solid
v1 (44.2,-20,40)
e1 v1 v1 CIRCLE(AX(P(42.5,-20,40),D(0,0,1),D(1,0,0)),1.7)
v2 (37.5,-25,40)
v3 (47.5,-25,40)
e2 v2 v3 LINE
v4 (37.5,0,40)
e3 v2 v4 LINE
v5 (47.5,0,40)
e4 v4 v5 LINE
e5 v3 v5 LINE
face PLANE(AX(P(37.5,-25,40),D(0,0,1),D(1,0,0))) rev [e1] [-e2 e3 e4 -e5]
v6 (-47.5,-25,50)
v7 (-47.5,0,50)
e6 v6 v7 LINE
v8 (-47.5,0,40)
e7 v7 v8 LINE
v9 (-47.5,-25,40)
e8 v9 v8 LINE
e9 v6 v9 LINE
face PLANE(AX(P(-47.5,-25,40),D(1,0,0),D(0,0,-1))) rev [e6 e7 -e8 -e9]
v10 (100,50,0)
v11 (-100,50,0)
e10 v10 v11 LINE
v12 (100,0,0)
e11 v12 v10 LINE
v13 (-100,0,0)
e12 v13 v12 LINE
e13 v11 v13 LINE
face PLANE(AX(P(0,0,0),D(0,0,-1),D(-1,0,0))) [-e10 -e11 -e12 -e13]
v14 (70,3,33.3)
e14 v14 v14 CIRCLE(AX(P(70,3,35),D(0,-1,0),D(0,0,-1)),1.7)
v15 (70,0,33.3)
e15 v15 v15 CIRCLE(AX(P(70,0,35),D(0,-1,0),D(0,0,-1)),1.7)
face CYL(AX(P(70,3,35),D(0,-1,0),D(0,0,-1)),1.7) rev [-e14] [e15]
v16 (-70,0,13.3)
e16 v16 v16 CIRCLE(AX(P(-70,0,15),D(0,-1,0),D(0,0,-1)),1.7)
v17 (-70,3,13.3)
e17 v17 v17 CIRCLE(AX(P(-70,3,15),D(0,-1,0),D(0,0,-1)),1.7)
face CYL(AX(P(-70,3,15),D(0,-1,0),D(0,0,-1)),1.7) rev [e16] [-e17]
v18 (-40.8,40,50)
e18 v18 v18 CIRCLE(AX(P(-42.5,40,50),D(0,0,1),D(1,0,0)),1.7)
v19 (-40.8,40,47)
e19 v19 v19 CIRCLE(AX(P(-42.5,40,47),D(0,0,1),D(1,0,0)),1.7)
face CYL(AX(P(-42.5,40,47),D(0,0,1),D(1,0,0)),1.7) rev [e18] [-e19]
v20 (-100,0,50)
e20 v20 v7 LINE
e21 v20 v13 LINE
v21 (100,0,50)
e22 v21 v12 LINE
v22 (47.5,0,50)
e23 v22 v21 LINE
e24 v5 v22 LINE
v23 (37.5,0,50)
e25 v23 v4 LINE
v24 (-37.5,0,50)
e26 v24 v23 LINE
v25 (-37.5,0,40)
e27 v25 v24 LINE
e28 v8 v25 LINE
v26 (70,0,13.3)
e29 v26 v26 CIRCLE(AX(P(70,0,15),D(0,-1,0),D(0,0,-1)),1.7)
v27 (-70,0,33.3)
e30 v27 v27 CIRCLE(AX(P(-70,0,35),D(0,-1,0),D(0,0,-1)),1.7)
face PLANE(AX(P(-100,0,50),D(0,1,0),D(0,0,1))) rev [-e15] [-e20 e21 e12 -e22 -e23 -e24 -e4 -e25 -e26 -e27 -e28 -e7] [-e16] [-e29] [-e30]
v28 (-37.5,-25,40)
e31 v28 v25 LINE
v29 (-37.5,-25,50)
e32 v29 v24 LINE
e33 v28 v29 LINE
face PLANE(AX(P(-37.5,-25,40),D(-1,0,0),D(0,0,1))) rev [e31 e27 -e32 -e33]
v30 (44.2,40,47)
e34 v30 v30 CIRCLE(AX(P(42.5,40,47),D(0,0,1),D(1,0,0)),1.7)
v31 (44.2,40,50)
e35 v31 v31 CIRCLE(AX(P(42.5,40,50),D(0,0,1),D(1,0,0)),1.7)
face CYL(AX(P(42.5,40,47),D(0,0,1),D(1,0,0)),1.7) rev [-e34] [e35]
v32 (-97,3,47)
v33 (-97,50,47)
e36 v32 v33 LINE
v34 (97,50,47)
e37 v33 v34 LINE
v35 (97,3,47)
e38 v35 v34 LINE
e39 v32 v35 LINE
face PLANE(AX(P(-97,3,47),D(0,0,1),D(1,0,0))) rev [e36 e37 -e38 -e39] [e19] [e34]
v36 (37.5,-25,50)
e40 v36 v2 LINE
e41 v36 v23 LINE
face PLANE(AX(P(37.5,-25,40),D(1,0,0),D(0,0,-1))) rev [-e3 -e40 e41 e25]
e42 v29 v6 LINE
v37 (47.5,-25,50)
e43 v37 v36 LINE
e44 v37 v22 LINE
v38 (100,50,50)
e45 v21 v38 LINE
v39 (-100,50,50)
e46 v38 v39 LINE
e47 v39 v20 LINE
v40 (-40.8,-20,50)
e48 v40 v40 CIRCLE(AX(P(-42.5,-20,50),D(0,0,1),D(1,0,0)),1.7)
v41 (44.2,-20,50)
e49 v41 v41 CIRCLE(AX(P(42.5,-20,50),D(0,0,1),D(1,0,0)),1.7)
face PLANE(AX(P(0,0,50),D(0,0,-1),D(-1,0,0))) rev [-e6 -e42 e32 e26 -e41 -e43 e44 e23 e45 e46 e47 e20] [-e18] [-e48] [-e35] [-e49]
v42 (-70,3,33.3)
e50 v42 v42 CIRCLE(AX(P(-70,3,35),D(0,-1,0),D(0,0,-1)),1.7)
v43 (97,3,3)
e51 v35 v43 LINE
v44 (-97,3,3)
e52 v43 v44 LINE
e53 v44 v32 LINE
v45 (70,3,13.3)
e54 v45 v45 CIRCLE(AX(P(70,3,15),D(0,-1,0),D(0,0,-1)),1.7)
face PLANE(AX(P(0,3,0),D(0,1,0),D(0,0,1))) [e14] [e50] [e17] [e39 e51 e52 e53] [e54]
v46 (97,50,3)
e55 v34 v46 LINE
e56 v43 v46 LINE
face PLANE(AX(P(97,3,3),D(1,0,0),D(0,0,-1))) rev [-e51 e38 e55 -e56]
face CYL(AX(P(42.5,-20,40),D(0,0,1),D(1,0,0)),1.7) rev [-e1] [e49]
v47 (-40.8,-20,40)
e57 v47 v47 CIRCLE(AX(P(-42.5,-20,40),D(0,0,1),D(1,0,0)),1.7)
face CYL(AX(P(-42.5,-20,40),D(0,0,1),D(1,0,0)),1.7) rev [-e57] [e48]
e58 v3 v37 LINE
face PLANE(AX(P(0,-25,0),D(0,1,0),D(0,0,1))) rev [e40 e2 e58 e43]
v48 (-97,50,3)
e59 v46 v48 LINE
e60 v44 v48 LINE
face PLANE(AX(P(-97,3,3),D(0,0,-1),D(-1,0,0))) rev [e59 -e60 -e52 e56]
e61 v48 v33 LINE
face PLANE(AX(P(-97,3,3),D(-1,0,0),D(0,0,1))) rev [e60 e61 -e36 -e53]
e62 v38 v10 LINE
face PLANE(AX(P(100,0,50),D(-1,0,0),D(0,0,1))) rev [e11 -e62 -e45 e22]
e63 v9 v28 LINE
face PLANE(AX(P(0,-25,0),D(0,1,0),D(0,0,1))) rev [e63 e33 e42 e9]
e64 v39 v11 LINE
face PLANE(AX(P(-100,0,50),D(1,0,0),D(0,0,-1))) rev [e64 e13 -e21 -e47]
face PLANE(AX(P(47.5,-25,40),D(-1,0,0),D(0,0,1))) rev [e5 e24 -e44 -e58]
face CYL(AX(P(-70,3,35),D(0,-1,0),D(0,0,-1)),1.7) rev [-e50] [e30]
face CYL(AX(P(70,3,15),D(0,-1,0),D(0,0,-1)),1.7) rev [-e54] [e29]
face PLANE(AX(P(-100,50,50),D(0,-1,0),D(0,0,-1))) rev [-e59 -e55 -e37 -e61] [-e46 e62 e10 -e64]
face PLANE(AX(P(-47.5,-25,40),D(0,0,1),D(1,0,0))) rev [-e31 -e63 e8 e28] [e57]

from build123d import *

# Parameters (mm, degrees)
BOX_FOOTPRINT_200_X_50_MM_W                     = 200
BOX_FOOTPRINT_200_X_50_MM_H                     = 50
BOX_HEIGHT_50_MM_DEPTH                          = 50
REAR_OPENING_194_X_44_MM_W                      = 194
REAR_OPENING_194_X_44_MM_H                      = 44
REAR_CAVITY_WALL_3_MM_DEPTH                     = 47
TWO_SQUARE_ARMS_10_X_10_PITCH_85_MM_W           = 10
TWO_SQUARE_ARMS_10_X_10_PITCH_85_MM_H           = 10
FORWARD_SQUARE_ARMS_25_MM_DEPTH                 = 25
TEMPORARY_CHASSIS_HOLES_140_X_20_MM_R           = 1.7
F_4X_M3_CLEARANCE_DIAMETER_3_4_MM_DEPTH         = 3
PCB_REAR_PAIR_PITCH_85_MM_R                     = 1.7
F_2X_ROOF_HOLES_DIAMETER_3_4_MM_DEPTH           = 3
PCB_FRONT_PAIR_ROW_SPACING_60_MM_R              = 1.7
F_2X_ARM_HOLES_THROUGH_TOP_AND_BOTTOM_3_4_DEPTH = 10


with BuildPart() as part:
    # Box footprint 200 x 50 mm → Box height 50 mm (new body)
    with BuildSketch(Plane.XY):
        with Locations((0, 25)):
            Rectangle(BOX_FOOTPRINT_200_X_50_MM_W, BOX_FOOTPRINT_200_X_50_MM_H)
    extrude(amount=BOX_HEIGHT_50_MM_DEPTH)

    # Rear opening 194 x 44 mm → Rear cavity - wall 3 mm (cut)
    with BuildSketch(Plane(origin=(0, 50, 0), x_dir=(1, 0, 0), z_dir=(0, 1, 0))):
        with Locations((0, -25)):
            Rectangle(REAR_OPENING_194_X_44_MM_W, REAR_OPENING_194_X_44_MM_H)
    extrude(amount=-REAR_CAVITY_WALL_3_MM_DEPTH, mode=Mode.SUBTRACT)

    # Two square arms 10 x 10 - pitch 85 mm → Forward square arms 25 mm (add)
    with BuildSketch(Plane.XZ):
        with Locations((-42.5, 45)):
            Rectangle(TWO_SQUARE_ARMS_10_X_10_PITCH_85_MM_W, TWO_SQUARE_ARMS_10_X_10_PITCH_85_MM_H)
        with Locations((42.5, 45)):
            Rectangle(TWO_SQUARE_ARMS_10_X_10_PITCH_85_MM_W, TWO_SQUARE_ARMS_10_X_10_PITCH_85_MM_H)
    extrude(amount=FORWARD_SQUARE_ARMS_25_MM_DEPTH)

    # Temporary chassis holes - 140 x 20 mm → 4x M3 clearance diameter 3.4 mm (cut)
    with BuildSketch(Plane.XZ):
        with Locations(Location((-70, 15, 0), (0, 0, 270))):
            Circle(TEMPORARY_CHASSIS_HOLES_140_X_20_MM_R)
        with Locations(Location((-70, 35, 0), (0, 0, 270))):
            Circle(TEMPORARY_CHASSIS_HOLES_140_X_20_MM_R)
        with Locations(Location((70, 15, 0), (0, 0, 270))):
            Circle(TEMPORARY_CHASSIS_HOLES_140_X_20_MM_R)
        with Locations(Location((70, 35, 0), (0, 0, 270))):
            Circle(TEMPORARY_CHASSIS_HOLES_140_X_20_MM_R)
    extrude(amount=-F_4X_M3_CLEARANCE_DIAMETER_3_4_MM_DEPTH, mode=Mode.SUBTRACT)

    # PCB rear pair - pitch 85 mm → 2x roof holes diameter 3.4 mm (cut)
    with BuildSketch(Plane.XY.offset(50)):
        with Locations((-42.5, 40)):
            Circle(PCB_REAR_PAIR_PITCH_85_MM_R)
        with Locations((42.5, 40)):
            Circle(PCB_REAR_PAIR_PITCH_85_MM_R)
    extrude(amount=-F_2X_ROOF_HOLES_DIAMETER_3_4_MM_DEPTH, mode=Mode.SUBTRACT)

    # PCB front pair - row spacing 60 mm → 2x arm holes through top and bottom 3.4 mm (cut)
    with BuildSketch(Plane.XY.offset(50)):
        with Locations((-42.5, -20)):
            Circle(PCB_FRONT_PAIR_ROW_SPACING_60_MM_R)
        with Locations((42.5, -20)):
            Circle(PCB_FRONT_PAIR_ROW_SPACING_60_MM_R)
    extrude(amount=-F_2X_ARM_HOLES_THROUGH_TOP_AND_BOTTOM_3_4_DEPTH, mode=Mode.SUBTRACT)


solid = part.part
